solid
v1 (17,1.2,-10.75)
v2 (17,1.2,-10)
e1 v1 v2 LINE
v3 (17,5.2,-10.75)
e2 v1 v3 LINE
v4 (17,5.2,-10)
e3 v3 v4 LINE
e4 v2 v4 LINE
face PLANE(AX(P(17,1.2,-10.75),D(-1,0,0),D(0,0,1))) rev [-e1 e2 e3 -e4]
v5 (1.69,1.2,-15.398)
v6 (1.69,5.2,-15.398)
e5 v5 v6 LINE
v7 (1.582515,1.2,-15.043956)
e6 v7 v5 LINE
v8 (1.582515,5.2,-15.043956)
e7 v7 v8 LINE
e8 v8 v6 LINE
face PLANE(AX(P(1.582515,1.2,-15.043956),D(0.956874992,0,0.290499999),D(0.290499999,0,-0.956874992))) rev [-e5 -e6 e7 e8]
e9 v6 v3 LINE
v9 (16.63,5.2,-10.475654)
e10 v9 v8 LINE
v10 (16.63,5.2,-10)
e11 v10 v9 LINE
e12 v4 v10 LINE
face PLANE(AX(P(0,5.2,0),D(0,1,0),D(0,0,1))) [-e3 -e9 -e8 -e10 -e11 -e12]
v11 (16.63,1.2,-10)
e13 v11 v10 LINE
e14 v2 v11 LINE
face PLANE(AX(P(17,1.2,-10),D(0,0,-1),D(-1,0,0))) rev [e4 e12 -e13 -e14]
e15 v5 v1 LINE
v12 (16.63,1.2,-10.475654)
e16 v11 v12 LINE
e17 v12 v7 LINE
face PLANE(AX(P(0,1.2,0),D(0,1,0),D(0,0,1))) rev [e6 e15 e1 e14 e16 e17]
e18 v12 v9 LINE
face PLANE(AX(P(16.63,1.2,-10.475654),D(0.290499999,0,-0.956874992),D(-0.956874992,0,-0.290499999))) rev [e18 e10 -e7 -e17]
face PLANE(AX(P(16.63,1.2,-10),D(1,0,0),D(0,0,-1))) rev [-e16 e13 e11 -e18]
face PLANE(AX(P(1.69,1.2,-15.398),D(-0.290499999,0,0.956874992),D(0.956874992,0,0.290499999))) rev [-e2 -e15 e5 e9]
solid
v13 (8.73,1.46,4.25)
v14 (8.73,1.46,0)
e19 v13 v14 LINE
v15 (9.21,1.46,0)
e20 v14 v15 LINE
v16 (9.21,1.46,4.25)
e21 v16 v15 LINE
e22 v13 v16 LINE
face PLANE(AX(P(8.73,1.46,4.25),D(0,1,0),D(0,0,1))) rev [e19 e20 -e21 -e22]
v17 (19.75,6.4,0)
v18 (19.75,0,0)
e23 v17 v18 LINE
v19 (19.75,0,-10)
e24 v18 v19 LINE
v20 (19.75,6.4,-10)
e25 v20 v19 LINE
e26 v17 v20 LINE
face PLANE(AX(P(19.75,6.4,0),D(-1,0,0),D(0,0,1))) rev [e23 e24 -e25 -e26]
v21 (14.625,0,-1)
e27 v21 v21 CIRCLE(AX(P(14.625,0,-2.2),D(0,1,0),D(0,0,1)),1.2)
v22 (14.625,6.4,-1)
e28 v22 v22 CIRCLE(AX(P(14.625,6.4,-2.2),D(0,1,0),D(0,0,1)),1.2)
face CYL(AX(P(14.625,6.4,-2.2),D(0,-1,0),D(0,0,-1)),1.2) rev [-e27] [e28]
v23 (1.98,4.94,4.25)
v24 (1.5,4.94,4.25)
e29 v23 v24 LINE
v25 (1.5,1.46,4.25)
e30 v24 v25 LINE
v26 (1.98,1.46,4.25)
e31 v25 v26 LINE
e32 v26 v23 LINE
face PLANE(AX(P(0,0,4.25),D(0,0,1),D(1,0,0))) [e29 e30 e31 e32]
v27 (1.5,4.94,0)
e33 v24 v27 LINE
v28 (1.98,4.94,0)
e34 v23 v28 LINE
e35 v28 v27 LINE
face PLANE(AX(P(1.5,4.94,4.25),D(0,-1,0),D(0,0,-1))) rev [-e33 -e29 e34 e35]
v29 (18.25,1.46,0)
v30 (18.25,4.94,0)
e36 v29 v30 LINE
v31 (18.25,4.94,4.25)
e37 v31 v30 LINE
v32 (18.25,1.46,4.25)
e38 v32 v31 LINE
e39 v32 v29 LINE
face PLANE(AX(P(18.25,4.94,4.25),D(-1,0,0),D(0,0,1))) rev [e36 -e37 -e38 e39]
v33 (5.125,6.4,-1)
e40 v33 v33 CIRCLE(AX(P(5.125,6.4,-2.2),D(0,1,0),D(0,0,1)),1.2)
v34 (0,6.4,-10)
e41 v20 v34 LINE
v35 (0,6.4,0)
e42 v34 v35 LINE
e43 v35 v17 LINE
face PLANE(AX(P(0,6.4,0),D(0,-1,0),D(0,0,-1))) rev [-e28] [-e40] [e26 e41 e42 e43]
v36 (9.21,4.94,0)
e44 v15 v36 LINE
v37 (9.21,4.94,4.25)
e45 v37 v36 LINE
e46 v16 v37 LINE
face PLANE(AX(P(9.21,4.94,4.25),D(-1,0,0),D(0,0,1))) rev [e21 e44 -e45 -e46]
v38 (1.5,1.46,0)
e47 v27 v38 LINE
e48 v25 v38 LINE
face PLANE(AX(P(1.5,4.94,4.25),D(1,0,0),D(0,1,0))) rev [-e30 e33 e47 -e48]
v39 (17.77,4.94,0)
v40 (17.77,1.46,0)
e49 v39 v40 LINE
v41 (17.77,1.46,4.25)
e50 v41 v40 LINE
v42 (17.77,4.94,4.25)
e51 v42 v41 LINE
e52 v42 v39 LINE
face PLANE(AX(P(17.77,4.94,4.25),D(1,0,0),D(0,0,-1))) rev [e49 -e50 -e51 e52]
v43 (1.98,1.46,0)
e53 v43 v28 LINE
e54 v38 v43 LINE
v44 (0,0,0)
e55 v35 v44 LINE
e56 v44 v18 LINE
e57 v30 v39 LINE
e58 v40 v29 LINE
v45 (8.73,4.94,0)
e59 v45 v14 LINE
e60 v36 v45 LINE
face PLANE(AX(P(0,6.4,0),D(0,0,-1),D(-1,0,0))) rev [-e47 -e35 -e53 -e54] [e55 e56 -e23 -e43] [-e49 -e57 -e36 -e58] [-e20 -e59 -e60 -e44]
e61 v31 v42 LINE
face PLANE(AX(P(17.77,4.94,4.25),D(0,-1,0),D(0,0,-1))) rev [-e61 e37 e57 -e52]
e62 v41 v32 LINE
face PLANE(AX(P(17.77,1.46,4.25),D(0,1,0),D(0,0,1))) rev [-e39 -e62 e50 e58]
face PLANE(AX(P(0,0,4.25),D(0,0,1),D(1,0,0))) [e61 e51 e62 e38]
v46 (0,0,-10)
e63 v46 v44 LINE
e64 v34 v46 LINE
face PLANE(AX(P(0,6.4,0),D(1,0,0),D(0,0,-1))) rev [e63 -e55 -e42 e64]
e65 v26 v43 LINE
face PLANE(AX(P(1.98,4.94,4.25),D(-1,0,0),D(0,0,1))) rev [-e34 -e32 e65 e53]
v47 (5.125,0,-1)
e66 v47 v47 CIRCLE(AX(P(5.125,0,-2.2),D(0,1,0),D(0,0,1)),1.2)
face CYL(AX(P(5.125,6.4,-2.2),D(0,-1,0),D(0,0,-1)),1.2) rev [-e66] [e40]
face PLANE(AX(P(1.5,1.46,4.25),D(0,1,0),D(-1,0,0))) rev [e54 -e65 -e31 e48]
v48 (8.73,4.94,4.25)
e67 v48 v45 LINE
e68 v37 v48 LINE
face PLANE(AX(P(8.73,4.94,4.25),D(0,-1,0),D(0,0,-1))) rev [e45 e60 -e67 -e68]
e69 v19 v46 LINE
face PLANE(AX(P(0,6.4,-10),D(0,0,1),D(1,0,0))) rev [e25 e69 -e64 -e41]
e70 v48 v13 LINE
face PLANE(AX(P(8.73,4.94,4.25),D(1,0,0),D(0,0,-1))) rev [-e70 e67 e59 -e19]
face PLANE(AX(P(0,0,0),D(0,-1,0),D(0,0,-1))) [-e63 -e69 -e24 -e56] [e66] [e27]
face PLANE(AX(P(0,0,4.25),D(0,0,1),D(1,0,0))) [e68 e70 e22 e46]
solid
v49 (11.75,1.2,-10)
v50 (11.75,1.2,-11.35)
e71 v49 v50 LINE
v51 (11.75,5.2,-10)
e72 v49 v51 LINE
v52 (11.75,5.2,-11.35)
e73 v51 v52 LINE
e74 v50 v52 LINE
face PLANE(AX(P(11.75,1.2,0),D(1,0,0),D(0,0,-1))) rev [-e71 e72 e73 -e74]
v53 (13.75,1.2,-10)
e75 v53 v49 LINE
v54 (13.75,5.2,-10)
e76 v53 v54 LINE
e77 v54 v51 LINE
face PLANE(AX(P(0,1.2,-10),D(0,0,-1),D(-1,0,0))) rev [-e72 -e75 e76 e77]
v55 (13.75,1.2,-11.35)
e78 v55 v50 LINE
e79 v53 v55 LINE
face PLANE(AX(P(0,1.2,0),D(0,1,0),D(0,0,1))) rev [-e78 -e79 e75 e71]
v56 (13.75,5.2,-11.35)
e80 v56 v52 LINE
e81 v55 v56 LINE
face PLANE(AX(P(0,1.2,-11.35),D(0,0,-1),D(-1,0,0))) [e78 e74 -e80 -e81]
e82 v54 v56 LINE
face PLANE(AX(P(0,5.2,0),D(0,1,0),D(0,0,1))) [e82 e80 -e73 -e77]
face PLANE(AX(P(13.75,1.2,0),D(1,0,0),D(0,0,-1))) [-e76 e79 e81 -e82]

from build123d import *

# Parameters (mm, degrees)
SKETCH2_W                  = 19.75
SKETCH2_H                  = 10
SKETCH2_R                  = 1.2
BOSS_EXTRUDE1_DEPTH        = 6.4
SKETCH3_W                  = 0.48
SKETCH3_H                  = 3.48
BOSS_EXTRUDE2_DEPTH        = 4.25
SKETCH4_W                  = 2
SKETCH4_H                  = 1.35
BOSS_EXTRUDE4_DEPTH        = 2
BOSS_EXTRUDE4_DEPTH_BACK   = 2
BOSS_EXTRUDE4_2_DEPTH      = 2
BOSS_EXTRUDE4_2_DEPTH_BACK = 2


with BuildPart() as part:
    # Sketch2 → Boss-Extrude1 (new body)
    with BuildSketch(Plane(origin=(0, 0, 0), x_dir=(1, 0, 0), z_dir=(0, 1, 0))):
        with Locations((9.875, 5)):
            Rectangle(SKETCH2_W, SKETCH2_H)
        with Locations((5.125, 2.2)):
            Circle(SKETCH2_R, mode=Mode.SUBTRACT)
        with Locations((14.625, 2.2)):
            Circle(SKETCH2_R, mode=Mode.SUBTRACT)
    extrude(amount=BOSS_EXTRUDE1_DEPTH)

    # Sketch3 → Boss-Extrude2 (add)
    with BuildSketch(Plane.XY):
        with Locations((1.74, 3.2)):
            Rectangle(SKETCH3_W, SKETCH3_H)
        with Locations((8.97, 3.2)):
            Rectangle(SKETCH3_W, SKETCH3_H)
        with Locations((18.01, 3.2)):
            Rectangle(SKETCH3_W, SKETCH3_H)
    extrude(amount=BOSS_EXTRUDE2_DEPTH)


with BuildPart() as body_2:
    # Sketch4 → Boss-Extrude4 (new body, two sides)
    with BuildSketch(Plane(origin=(0, 3.2, 0), x_dir=(1, 0, 0), z_dir=(0, 1, 0))) as boss_extrude4_sk:
        with Locations((12.75, 10.675)):
            Rectangle(SKETCH4_W, SKETCH4_H)
    extrude(amount=BOSS_EXTRUDE4_DEPTH)
    extrude(boss_extrude4_sk.sketch, amount=-BOSS_EXTRUDE4_DEPTH_BACK)


with BuildPart() as body_3:
    # Sketch4 → Boss-Extrude4 2 (new body, two sides)
    with BuildSketch(Plane(origin=(0, 3.2, 0), x_dir=(1, 0, 0), z_dir=(0, 1, 0))) as boss_extrude4_2_sk:
        Polygon((16.63, 10.475653818), (1.582515124, 15.04395623), (1.690000124, 15.397999977), (17, 10.75), (17, 10), (16.63, 10), align=None)
    extrude(amount=BOSS_EXTRUDE4_2_DEPTH)
    extrude(boss_extrude4_2_sk.sketch, amount=-BOSS_EXTRUDE4_2_DEPTH_BACK)


solid = Compound([part.part, body_2.part, body_3.part])
